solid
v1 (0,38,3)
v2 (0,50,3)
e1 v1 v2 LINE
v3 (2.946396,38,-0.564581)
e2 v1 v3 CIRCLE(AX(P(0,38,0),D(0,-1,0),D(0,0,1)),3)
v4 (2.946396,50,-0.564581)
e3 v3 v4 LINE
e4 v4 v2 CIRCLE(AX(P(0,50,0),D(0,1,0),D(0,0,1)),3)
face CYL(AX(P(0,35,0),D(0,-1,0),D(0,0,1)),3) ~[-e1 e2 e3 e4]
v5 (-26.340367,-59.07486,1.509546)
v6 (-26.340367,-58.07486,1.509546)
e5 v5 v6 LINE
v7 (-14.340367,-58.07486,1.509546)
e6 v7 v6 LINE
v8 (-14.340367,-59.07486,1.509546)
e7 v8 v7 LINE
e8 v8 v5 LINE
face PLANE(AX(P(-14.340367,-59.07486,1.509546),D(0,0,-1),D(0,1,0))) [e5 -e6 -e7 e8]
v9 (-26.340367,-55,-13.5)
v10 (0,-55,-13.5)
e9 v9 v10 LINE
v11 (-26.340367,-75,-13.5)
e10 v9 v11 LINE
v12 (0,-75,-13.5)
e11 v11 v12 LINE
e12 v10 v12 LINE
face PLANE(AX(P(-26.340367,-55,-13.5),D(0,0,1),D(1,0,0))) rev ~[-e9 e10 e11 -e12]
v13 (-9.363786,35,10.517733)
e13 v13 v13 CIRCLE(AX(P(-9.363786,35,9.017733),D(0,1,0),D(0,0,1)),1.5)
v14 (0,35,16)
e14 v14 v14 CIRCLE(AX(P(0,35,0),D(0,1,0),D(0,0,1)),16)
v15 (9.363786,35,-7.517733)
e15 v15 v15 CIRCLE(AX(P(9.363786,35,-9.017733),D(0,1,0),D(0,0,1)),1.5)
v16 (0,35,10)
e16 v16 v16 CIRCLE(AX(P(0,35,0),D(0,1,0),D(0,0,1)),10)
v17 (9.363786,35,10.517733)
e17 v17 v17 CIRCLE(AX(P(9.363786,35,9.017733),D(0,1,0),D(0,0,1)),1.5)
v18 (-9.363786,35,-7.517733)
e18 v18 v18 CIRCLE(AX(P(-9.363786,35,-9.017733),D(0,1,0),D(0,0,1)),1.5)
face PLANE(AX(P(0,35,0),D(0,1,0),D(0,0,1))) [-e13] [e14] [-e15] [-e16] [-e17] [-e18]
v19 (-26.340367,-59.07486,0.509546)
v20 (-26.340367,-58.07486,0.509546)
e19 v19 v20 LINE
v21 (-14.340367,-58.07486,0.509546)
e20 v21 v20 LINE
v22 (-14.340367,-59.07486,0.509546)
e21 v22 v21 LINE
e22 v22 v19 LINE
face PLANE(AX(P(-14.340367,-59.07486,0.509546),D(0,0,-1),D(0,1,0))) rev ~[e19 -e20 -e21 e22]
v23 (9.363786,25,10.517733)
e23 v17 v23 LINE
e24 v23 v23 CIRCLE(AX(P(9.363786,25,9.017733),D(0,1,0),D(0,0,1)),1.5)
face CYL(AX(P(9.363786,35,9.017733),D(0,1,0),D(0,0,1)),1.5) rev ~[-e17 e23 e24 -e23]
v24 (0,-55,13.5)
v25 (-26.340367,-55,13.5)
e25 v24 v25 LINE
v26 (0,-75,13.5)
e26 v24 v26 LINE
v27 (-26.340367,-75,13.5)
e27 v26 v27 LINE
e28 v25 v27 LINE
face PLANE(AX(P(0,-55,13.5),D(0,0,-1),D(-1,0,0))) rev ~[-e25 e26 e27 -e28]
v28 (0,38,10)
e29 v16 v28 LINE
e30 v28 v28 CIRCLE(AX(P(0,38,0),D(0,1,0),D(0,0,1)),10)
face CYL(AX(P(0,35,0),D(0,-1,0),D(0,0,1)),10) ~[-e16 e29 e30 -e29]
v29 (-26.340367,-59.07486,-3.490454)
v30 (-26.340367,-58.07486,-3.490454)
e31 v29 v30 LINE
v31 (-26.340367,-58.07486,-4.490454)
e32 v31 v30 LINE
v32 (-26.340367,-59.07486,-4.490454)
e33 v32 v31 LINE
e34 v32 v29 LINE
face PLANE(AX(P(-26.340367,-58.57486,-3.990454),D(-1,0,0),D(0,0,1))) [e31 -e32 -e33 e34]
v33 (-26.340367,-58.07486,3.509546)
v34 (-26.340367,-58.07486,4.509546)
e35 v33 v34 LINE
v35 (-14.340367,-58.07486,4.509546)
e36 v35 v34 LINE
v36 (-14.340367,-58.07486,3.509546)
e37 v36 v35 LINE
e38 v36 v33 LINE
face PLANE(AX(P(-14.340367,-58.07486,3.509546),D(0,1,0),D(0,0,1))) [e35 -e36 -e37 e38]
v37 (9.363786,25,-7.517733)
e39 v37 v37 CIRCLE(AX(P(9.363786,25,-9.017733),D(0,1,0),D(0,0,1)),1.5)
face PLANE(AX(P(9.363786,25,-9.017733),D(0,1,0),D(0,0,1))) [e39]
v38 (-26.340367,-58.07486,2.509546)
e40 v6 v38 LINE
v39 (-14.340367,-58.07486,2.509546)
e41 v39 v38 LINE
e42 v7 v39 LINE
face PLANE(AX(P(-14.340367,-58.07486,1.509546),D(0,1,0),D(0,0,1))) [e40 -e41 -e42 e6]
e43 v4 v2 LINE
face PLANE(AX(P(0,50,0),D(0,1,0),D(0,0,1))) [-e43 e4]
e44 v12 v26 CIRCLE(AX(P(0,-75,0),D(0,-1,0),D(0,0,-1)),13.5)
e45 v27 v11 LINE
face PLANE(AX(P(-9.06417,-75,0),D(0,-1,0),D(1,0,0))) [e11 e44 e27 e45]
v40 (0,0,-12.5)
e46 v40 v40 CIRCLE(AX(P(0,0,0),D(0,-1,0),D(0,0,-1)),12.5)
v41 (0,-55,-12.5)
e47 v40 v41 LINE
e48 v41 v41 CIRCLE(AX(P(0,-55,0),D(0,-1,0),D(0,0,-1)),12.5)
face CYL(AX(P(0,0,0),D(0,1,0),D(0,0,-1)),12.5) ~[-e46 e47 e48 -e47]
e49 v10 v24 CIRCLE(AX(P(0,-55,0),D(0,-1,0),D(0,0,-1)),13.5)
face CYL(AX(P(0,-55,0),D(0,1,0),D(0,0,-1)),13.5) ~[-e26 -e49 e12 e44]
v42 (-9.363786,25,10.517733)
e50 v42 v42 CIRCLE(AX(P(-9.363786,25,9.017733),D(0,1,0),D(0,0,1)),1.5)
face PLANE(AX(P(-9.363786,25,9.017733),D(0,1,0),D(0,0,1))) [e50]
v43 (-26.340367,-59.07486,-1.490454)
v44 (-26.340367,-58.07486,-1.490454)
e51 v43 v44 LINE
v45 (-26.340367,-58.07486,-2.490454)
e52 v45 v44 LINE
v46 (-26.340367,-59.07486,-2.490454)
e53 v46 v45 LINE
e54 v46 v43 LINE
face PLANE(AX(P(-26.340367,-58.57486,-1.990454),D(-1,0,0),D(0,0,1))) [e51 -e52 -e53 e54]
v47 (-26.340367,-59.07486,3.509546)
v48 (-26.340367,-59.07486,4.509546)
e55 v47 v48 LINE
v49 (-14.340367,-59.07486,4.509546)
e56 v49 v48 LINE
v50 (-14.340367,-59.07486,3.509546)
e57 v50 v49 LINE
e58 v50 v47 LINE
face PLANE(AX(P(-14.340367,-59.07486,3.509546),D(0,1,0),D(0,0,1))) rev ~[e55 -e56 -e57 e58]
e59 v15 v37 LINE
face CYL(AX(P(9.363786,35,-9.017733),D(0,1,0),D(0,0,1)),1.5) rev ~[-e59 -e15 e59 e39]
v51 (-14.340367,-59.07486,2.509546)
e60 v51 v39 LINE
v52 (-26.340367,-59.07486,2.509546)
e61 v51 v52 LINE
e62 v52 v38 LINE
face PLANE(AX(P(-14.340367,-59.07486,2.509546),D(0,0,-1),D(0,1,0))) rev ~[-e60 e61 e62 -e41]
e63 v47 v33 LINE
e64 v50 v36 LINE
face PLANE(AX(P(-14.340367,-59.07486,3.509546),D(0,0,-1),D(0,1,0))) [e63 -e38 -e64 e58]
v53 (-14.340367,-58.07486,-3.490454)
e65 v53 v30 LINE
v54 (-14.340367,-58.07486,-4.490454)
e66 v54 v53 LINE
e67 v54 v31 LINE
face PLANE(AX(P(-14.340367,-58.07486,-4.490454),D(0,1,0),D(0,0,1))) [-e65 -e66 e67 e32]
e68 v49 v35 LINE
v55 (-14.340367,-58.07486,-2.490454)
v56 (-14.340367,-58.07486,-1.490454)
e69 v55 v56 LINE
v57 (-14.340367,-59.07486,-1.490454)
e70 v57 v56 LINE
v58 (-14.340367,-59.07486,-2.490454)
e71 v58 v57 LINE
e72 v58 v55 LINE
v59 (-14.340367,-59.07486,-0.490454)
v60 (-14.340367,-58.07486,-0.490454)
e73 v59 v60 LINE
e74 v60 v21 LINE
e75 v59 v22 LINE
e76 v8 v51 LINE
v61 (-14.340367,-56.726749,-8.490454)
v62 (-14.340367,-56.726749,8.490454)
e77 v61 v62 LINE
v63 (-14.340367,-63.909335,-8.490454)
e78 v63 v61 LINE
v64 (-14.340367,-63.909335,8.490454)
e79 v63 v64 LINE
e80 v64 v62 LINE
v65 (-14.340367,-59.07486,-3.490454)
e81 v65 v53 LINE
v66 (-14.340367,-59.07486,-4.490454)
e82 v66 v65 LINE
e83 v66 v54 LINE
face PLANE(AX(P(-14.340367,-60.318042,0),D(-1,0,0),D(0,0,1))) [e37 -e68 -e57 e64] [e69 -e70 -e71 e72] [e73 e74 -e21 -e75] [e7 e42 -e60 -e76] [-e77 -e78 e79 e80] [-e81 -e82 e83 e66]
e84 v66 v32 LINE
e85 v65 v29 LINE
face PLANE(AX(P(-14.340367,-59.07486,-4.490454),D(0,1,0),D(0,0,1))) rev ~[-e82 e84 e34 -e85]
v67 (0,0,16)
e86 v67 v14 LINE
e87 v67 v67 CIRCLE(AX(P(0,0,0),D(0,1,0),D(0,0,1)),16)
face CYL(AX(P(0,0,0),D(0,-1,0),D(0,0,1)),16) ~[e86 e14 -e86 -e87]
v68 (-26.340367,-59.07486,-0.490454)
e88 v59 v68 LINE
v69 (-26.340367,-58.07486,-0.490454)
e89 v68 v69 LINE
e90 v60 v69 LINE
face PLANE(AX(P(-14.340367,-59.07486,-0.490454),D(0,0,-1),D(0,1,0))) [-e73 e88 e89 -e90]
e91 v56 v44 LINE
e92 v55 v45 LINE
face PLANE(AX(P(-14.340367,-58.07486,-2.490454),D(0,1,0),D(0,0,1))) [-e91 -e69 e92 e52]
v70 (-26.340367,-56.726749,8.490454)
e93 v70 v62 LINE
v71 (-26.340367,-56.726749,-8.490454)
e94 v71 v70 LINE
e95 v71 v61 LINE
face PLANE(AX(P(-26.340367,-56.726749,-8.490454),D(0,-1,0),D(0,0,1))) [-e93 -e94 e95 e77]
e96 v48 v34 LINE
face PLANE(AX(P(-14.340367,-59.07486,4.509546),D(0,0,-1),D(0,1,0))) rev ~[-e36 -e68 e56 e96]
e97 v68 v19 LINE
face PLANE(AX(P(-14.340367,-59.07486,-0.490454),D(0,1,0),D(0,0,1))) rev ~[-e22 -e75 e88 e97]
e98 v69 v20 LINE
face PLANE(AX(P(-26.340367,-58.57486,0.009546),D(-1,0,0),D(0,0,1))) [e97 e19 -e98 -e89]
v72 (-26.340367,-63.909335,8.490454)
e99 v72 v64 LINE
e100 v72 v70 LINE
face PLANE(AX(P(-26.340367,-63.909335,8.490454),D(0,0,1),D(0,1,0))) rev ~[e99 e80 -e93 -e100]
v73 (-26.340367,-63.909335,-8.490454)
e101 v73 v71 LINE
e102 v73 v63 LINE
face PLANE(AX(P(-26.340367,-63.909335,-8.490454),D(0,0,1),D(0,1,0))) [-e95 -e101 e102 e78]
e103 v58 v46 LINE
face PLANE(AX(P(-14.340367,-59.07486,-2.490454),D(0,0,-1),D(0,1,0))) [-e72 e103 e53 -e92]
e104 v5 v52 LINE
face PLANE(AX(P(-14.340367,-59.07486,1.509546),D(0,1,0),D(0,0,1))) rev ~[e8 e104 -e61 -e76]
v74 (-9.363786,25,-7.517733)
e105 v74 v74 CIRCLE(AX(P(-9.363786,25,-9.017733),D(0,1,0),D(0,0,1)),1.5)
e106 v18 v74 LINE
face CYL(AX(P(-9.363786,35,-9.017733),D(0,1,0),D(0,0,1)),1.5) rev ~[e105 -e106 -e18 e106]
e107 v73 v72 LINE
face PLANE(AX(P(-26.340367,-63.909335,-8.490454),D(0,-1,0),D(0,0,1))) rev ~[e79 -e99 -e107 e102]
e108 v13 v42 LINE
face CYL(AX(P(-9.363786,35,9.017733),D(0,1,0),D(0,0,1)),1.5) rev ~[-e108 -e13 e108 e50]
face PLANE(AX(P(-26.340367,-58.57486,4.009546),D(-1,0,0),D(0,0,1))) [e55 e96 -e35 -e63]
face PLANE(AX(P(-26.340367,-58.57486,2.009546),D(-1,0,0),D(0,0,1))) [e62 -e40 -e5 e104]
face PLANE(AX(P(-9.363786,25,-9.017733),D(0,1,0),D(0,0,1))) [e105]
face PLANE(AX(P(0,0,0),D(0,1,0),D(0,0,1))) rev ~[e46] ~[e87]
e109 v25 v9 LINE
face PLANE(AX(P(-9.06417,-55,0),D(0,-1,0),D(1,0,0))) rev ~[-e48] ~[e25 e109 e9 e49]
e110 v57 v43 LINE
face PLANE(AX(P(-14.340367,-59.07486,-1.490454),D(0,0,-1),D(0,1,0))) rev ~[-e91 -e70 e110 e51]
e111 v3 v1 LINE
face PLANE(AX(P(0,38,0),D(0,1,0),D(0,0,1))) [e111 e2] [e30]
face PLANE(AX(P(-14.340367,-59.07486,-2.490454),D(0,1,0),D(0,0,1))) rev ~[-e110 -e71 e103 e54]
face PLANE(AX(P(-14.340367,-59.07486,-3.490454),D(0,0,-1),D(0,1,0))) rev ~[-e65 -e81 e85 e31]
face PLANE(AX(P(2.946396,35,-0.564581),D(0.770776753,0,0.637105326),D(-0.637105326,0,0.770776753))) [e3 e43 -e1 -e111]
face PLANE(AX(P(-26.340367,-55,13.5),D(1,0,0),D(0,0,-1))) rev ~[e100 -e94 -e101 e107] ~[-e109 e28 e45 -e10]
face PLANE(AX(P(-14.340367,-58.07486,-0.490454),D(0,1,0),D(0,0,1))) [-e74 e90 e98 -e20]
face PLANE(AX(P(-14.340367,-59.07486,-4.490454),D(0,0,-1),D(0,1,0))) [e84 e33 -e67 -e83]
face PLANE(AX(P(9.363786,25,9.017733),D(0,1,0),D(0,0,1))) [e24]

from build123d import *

# Parameters (mm, degrees)
ESQUISSE1_R             = 16
BOSS_EXTRU_1_DEPTH      = 35
ESQUISSE2_R             = 12.5
BOSS_EXTRU_2_DEPTH      = 55
ESQUISSE3_R             = 3
BOSS_EXTRU_3_DEPTH      = 15
ENL_V_START             = -15
ENL_V_MAT_EXTRU_1_DEPTH = 15
ESQUISSE5_R             = 10
BOSS_EXTRU_4_DEPTH      = 3
ESQUISSE8_R             = 1.5
ENL_V_MAT_EXTRU_2_DEPTH = 10
BOSS_EXTRU_5_DEPTH      = 20
ESQUISSE10_W            = 16.98090883
ESQUISSE10_H            = 7.182585406
ENL_V_MAT_EXTRU_3_DEPTH = 12
ESQUISSE12_W            = 1
ESQUISSE12_H            = 1
BOSS_EXTRU_6_DEPTH      = 12


with BuildPart() as part:
    # Esquisse1 → Boss.-Extru.1 (new body)
    with BuildSketch(Plane(origin=(0, 0, 0), x_dir=(1, 0, 0), z_dir=(0, 1, 0))):
        with Locations(Location((0, 0, 0), (0, 0, 270))):
            Circle(ESQUISSE1_R)
    extrude(amount=BOSS_EXTRU_1_DEPTH)

    # Esquisse2 → Boss.-Extru.2 (add)
    with BuildSketch(Plane.XZ):
        with Locations(Location((0, 0, 0), (0, 0, 270))):
            Circle(ESQUISSE2_R)
    extrude(amount=BOSS_EXTRU_2_DEPTH)

    # Esquisse3 → Boss.-Extru.3 (add)
    with BuildSketch(Plane(origin=(0, 35, 0), x_dir=(1, 0, 0), z_dir=(0, 1, 0))):
        with Locations(Location((0, 0, 0), (0, 0, 270))):
            Circle(ESQUISSE3_R)
    extrude(amount=BOSS_EXTRU_3_DEPTH)

    # Esquisse4 → Enlèv. mat.-Extru.1 (cut)
    with BuildSketch(Plane(origin=(0, 50, 0), x_dir=(1, 0, 0), z_dir=(0, 1, 0)).offset(ENL_V_START)):
        with BuildLine():
            Line((2.946395849, 0.56458082), (0, -3))
            ThreePointArc((0, -3), (2.31233026, -1.911315979), (2.946395849, 0.56458082))
        make_face()
    extrude(amount=ENL_V_MAT_EXTRU_1_DEPTH, mode=Mode.SUBTRACT)

    # Esquisse5 → Boss.-Extru.4 (add)
    with BuildSketch(Plane(origin=(0, 35, 0), x_dir=(1, 0, 0), z_dir=(0, 1, 0))):
        with Locations(Location((0, 0, 0), (0, 0, 270))):
            Circle(ESQUISSE5_R)
    extrude(amount=BOSS_EXTRU_4_DEPTH)

    # Esquisse8 → Enlèv. mat.-Extru.2 (cut)
    with BuildSketch(Plane(origin=(0, 35, 0), x_dir=(1, 0, 0), z_dir=(0, 1, 0))):
        with Locations(Location((-9.363786072, 9.017733108, 0), (0, 0, 270))):
            Circle(ESQUISSE8_R)
        with Locations(Location((9.363786072, 9.017733108, 0), (0, 0, 270))):
            Circle(ESQUISSE8_R)
        with Locations(Location((-9.363786072, -9.017733108, 0), (0, 0, 270))):
            Circle(ESQUISSE8_R)
        with Locations(Location((9.363786072, -9.017733108, 0), (0, 0, 270))):
            Circle(ESQUISSE8_R)
    extrude(amount=-ENL_V_MAT_EXTRU_2_DEPTH, mode=Mode.SUBTRACT)

    # Esquisse9 → Boss.-Extru.5 (add)
    with BuildSketch(Plane.XZ.offset(55)):
        with BuildLine():
            Line((0, 13.5), (-26.340367248, 13.5))
            Line((-26.340367248, 13.5), (-26.340367248, -13.5))
            Line((-26.340367248, -13.5), (0, -13.5))
            ThreePointArc((0, -13.5), (13.5, 0), (0, 13.5))
        make_face()
    extrude(amount=BOSS_EXTRU_5_DEPTH)

    # Esquisse10 → Enlèv. mat.-Extru.3 (cut)
    with BuildSketch(Plane.ZY.offset(26.340367248)):
        with Locations((0, -60.318042099)):
            Rectangle(ESQUISSE10_W, ESQUISSE10_H)
    extrude(amount=-ENL_V_MAT_EXTRU_3_DEPTH, mode=Mode.SUBTRACT)

    # Esquisse12 → Boss.-Extru.6 (add)
    with BuildSketch(Plane.ZY.offset(14.340367248)):
        with Locations((-1.990454415, -58.574860414)):
            Rectangle(ESQUISSE12_W, ESQUISSE12_H)
        with Locations((-3.990454415, -58.574860414)):
            Rectangle(ESQUISSE12_W, ESQUISSE12_H)
        with Locations((0.009545585, -58.574860414)):
            Rectangle(ESQUISSE12_W, ESQUISSE12_H)
        with Locations((2.009545585, -58.574860414)):
            Rectangle(ESQUISSE12_W, ESQUISSE12_H)
        with Locations((4.009545585, -58.574860414)):
            Rectangle(ESQUISSE12_W, ESQUISSE12_H)
    extrude(amount=BOSS_EXTRU_6_DEPTH)


solid = part.part
